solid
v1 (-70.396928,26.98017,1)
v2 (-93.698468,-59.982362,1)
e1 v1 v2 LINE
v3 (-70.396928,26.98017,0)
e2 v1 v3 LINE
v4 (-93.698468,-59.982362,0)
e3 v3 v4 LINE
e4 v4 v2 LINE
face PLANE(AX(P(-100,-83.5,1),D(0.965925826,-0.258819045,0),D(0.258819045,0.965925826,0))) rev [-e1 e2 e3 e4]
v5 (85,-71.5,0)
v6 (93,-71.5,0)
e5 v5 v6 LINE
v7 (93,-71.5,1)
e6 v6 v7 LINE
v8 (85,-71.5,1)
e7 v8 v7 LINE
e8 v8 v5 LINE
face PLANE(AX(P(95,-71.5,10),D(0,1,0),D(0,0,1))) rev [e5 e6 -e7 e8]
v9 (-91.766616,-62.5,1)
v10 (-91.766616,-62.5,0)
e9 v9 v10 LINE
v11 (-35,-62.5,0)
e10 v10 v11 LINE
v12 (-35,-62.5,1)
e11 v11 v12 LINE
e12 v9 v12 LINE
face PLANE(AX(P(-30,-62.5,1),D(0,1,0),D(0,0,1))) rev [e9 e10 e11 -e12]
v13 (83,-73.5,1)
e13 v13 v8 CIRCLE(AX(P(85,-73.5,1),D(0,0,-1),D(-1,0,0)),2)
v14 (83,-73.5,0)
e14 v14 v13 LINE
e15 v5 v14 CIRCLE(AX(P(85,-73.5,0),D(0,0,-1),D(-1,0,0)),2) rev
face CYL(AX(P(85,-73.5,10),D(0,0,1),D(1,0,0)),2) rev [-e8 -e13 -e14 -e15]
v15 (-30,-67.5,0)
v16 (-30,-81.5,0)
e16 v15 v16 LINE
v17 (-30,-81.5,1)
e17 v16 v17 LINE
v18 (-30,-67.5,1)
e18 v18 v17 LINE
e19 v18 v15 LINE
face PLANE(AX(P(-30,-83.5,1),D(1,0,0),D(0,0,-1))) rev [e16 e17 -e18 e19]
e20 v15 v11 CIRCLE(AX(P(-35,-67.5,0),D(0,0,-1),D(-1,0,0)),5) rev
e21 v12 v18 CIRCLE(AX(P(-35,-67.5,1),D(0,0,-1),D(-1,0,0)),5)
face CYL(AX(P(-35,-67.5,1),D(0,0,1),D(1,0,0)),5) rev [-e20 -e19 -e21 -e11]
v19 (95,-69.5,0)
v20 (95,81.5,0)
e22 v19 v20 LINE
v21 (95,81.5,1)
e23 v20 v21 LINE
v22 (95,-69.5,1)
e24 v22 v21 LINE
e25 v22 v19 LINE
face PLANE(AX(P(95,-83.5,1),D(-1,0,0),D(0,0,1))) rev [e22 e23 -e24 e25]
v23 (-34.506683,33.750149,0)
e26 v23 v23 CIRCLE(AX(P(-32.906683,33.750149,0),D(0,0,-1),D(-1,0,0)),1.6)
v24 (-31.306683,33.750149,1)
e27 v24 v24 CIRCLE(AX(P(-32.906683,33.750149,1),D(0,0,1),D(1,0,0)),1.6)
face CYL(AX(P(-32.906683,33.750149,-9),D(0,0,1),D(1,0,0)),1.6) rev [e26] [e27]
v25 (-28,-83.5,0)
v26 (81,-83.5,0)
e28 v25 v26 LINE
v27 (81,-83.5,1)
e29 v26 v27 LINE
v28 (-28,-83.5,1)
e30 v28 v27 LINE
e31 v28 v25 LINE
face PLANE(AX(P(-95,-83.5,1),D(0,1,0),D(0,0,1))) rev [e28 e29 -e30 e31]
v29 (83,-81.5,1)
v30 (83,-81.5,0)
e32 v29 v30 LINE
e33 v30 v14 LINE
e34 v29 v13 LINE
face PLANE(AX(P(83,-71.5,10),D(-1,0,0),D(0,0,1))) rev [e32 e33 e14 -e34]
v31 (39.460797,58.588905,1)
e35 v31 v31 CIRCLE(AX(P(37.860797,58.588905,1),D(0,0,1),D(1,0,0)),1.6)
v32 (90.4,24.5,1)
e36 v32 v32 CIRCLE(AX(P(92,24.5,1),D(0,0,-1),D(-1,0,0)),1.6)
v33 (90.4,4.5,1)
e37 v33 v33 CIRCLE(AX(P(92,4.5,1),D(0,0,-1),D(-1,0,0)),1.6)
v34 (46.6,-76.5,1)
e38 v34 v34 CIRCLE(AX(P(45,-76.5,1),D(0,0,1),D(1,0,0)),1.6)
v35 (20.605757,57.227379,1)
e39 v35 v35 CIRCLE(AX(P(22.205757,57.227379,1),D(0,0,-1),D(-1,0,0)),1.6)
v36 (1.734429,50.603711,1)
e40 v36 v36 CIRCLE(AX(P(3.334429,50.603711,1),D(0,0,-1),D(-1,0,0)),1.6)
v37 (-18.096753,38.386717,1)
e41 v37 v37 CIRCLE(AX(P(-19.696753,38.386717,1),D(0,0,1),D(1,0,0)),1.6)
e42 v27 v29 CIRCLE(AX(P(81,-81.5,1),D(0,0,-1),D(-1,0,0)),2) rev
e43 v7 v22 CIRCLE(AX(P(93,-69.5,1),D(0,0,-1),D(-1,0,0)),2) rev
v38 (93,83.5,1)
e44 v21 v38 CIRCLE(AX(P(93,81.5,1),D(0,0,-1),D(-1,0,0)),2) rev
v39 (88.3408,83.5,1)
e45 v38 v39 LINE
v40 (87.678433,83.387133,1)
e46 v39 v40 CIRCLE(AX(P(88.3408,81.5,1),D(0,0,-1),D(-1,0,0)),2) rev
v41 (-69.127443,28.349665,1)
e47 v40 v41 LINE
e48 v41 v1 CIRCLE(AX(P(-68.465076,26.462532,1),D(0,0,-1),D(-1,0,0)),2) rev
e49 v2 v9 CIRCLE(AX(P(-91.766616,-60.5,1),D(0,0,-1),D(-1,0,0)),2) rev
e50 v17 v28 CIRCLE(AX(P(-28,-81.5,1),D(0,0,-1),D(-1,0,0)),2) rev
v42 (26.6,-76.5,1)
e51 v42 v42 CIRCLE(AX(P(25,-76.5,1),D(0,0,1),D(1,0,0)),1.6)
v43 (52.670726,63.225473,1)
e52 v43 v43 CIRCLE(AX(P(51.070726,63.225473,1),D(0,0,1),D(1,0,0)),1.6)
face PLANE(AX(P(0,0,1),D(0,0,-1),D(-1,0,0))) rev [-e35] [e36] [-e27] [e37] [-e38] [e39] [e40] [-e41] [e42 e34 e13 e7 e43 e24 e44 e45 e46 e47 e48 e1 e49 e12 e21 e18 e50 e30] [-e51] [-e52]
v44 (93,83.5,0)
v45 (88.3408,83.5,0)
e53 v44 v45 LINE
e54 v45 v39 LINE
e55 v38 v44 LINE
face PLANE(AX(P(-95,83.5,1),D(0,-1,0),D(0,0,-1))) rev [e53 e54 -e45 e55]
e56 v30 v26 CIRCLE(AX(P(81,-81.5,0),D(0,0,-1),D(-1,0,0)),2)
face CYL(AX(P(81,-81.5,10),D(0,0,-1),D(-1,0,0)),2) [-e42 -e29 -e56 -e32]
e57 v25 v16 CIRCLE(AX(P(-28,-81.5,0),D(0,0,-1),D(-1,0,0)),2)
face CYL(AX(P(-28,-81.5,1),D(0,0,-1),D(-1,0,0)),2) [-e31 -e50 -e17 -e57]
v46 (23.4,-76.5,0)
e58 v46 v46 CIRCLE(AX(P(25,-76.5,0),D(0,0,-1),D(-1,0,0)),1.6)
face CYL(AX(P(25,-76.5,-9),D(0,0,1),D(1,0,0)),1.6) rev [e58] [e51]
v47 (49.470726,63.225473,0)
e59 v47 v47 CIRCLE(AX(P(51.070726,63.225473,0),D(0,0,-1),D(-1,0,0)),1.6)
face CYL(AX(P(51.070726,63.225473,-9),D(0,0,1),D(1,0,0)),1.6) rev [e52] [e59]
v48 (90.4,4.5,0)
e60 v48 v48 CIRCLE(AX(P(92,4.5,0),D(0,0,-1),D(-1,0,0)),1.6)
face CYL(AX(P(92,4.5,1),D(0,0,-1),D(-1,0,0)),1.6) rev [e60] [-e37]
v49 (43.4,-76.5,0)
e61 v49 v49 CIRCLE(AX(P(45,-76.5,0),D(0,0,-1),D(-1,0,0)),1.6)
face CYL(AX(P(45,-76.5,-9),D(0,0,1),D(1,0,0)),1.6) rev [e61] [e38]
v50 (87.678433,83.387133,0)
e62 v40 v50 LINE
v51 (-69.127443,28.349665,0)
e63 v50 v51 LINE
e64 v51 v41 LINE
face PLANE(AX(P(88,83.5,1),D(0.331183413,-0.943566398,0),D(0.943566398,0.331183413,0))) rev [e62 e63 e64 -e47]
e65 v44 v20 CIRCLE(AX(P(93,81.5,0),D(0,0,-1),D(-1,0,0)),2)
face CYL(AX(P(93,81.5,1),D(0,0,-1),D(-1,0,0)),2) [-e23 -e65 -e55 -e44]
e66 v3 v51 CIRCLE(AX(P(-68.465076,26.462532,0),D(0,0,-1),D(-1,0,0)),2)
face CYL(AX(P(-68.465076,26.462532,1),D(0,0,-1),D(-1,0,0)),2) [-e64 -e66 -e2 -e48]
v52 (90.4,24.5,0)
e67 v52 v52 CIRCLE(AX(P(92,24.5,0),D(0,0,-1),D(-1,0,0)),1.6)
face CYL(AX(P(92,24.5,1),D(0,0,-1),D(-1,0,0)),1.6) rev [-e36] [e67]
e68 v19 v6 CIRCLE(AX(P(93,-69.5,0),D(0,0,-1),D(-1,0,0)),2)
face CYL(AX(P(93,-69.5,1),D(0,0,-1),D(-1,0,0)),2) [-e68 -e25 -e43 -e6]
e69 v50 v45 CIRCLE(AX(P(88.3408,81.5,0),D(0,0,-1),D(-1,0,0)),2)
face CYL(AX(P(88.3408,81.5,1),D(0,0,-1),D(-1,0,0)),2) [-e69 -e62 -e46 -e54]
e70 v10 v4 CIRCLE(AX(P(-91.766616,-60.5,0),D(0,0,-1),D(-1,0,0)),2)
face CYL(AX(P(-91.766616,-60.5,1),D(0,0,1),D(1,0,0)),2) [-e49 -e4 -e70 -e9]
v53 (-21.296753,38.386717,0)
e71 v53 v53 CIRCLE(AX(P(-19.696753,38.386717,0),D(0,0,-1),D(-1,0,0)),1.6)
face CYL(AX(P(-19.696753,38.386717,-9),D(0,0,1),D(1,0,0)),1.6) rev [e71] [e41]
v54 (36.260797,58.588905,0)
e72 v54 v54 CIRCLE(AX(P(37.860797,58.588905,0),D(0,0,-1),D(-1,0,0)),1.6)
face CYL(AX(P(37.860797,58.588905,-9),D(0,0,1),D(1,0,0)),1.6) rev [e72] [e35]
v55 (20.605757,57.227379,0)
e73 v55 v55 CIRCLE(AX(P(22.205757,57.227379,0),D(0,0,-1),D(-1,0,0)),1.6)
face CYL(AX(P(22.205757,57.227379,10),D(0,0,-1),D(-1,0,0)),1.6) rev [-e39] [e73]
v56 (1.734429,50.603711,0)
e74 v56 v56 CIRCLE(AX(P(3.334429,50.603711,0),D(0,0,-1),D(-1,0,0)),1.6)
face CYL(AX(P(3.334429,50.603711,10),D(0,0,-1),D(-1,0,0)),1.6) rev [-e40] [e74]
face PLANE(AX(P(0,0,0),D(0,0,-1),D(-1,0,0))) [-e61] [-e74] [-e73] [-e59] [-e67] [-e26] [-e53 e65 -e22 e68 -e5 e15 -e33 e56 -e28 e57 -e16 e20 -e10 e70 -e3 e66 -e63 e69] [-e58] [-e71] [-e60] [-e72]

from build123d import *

# Parameters (mm, degrees)
SKETCH_1_W          = 190
SKETCH_1_H          = 167
EXTRUDE_1_DEPTH     = 1
CUT_EXTRUDE_1_DEPTH = 1
SKETCH_3_W          = 65
SKETCH_3_H          = 21
CUT_EXTRUDE_2_DEPTH = 1
SKETCH_4_R          = 1.6
CUT_EXTRUDE_3_DEPTH = 1
SKETCH_9_R          = 1.6
CUT_EXTRUDE_5_DEPTH = 10
FILLET_1_R          = 5
FILLET_2_R          = 2
SKETCH_10_R         = 1.6
CUT_EXTRUDE_6_DEPTH = 10
SKETCH_11_W         = 12
SKETCH_11_H         = 12
CUT_EXTRUDE_7_DEPTH = 10
FILLET_3_R          = 2
SKETCH_12_R         = 1.6
CUT_EXTRUDE_8_DEPTH = 10


with BuildPart() as part:
    # 草图1 → 凸台-拉伸1 (new body)
    with BuildSketch(Plane.XY):
        Rectangle(SKETCH_1_W, SKETCH_1_H)
    extrude(amount=EXTRUDE_1_DEPTH)

    # 草图2 → 切除-拉伸1 (cut)
    with BuildSketch(Plane(origin=(0, 0, 0), x_dir=(-1, 0, 0), z_dir=(0, 0, -1))):
        Polygon((100, -83.5), (119, -83.5), (119, 83.5), (55.252484864, 83.5), align=None)
    extrude(amount=-CUT_EXTRUDE_1_DEPTH, mode=Mode.SUBTRACT)

    # 草图3 → 切除-拉伸2 (cut)
    with BuildSketch(Plane(origin=(0, 0, 0), x_dir=(-1, 0, 0), z_dir=(0, 0, -1))):
        with Locations((62.5, -73)):
            Rectangle(SKETCH_3_W, SKETCH_3_H)
        Polygon((-88, 83.5), (55.252484864, 83.5), (70.123665044, 28), align=None)
    extrude(amount=-CUT_EXTRUDE_2_DEPTH, mode=Mode.SUBTRACT)

    # 草图4 → 切除-拉伸3 (cut)
    with BuildSketch(Plane(origin=(0, 0, 0), x_dir=(-1, 0, 0), z_dir=(0, 0, -1))):
        with Locations((-92, 4.5)):
            Circle(SKETCH_4_R)
        with Locations((-92, 24.5)):
            Circle(SKETCH_4_R)
    extrude(amount=-CUT_EXTRUDE_3_DEPTH, mode=Mode.SUBTRACT)

    # 草图9 → 切除-拉伸5 (cut)
    with BuildSketch(Plane(origin=(0, 0, 0), x_dir=(-1, 0, 0), z_dir=(0, 0, -1))):
        with Locations((-22.205756698, 57.227379318)):
            Circle(SKETCH_9_R)
        with Locations((-3.334428743, 50.603711057)):
            Circle(SKETCH_9_R)
    extrude(amount=-CUT_EXTRUDE_5_DEPTH, mode=Mode.SUBTRACT)

    # 圆角1
    fillet_1_edges = [part.edges().sort_by_distance(p)[0] for p in [
        (-30, -62.5, 0.5),
    ]]
    fillet(fillet_1_edges, radius=FILLET_1_R)

    # 圆角2
    fillet_2_edges = [part.edges().sort_by_distance(p)[0] for p in [
        (-94.373066959, -62.5, 0.5),
        (-70.123665044, 28, 0.5),
        (88, 83.5, 0.5),
        (-30, -83.5, 0.5),
        (95, -83.5, 0.5),
        (95, 83.5, 0.5),
    ]]
    fillet(fillet_2_edges, radius=FILLET_2_R)

    # 草图10 → 切除-拉伸6 (cut)
    with BuildSketch(Plane.XY.offset(1)):
        with Locations((45, -76.5)):
            Circle(SKETCH_10_R)
        with Locations((25, -76.5)):
            Circle(SKETCH_10_R)
    extrude(amount=-CUT_EXTRUDE_6_DEPTH, mode=Mode.SUBTRACT)

    # 草图11 → 切除-拉伸7 (cut)
    with BuildSketch(Plane(origin=(0, 0, 0), x_dir=(-1, 0, 0), z_dir=(0, 0, -1))):
        with Locations((-89, -77.5)):
            Rectangle(SKETCH_11_W, SKETCH_11_H)
    extrude(amount=-CUT_EXTRUDE_7_DEPTH, mode=Mode.SUBTRACT)

    # 圆角3
    fillet_3_edges = [part.edges().sort_by_distance(p)[0] for p in [
        (95, -71.5, 0.5),
        (83, -71.5, 0.5),
        (83, -83.5, 0.5),
    ]]
    fillet(fillet_3_edges, radius=FILLET_3_R)

    # 草图12 → 切除-拉伸8 (cut)
    with BuildSketch(Plane.XY.offset(1)):
        with Locations((-32.906682955, 33.75014876)):
            Circle(SKETCH_12_R)
        with Locations((-19.696753387, 38.386716542)):
            Circle(SKETCH_12_R)
        with Locations((37.860796874, 58.588904739)):
            Circle(SKETCH_12_R)
        with Locations((51.070726442, 63.225472522)):
            Circle(SKETCH_12_R)
    extrude(amount=-CUT_EXTRUDE_8_DEPTH, mode=Mode.SUBTRACT)


solid = part.part
